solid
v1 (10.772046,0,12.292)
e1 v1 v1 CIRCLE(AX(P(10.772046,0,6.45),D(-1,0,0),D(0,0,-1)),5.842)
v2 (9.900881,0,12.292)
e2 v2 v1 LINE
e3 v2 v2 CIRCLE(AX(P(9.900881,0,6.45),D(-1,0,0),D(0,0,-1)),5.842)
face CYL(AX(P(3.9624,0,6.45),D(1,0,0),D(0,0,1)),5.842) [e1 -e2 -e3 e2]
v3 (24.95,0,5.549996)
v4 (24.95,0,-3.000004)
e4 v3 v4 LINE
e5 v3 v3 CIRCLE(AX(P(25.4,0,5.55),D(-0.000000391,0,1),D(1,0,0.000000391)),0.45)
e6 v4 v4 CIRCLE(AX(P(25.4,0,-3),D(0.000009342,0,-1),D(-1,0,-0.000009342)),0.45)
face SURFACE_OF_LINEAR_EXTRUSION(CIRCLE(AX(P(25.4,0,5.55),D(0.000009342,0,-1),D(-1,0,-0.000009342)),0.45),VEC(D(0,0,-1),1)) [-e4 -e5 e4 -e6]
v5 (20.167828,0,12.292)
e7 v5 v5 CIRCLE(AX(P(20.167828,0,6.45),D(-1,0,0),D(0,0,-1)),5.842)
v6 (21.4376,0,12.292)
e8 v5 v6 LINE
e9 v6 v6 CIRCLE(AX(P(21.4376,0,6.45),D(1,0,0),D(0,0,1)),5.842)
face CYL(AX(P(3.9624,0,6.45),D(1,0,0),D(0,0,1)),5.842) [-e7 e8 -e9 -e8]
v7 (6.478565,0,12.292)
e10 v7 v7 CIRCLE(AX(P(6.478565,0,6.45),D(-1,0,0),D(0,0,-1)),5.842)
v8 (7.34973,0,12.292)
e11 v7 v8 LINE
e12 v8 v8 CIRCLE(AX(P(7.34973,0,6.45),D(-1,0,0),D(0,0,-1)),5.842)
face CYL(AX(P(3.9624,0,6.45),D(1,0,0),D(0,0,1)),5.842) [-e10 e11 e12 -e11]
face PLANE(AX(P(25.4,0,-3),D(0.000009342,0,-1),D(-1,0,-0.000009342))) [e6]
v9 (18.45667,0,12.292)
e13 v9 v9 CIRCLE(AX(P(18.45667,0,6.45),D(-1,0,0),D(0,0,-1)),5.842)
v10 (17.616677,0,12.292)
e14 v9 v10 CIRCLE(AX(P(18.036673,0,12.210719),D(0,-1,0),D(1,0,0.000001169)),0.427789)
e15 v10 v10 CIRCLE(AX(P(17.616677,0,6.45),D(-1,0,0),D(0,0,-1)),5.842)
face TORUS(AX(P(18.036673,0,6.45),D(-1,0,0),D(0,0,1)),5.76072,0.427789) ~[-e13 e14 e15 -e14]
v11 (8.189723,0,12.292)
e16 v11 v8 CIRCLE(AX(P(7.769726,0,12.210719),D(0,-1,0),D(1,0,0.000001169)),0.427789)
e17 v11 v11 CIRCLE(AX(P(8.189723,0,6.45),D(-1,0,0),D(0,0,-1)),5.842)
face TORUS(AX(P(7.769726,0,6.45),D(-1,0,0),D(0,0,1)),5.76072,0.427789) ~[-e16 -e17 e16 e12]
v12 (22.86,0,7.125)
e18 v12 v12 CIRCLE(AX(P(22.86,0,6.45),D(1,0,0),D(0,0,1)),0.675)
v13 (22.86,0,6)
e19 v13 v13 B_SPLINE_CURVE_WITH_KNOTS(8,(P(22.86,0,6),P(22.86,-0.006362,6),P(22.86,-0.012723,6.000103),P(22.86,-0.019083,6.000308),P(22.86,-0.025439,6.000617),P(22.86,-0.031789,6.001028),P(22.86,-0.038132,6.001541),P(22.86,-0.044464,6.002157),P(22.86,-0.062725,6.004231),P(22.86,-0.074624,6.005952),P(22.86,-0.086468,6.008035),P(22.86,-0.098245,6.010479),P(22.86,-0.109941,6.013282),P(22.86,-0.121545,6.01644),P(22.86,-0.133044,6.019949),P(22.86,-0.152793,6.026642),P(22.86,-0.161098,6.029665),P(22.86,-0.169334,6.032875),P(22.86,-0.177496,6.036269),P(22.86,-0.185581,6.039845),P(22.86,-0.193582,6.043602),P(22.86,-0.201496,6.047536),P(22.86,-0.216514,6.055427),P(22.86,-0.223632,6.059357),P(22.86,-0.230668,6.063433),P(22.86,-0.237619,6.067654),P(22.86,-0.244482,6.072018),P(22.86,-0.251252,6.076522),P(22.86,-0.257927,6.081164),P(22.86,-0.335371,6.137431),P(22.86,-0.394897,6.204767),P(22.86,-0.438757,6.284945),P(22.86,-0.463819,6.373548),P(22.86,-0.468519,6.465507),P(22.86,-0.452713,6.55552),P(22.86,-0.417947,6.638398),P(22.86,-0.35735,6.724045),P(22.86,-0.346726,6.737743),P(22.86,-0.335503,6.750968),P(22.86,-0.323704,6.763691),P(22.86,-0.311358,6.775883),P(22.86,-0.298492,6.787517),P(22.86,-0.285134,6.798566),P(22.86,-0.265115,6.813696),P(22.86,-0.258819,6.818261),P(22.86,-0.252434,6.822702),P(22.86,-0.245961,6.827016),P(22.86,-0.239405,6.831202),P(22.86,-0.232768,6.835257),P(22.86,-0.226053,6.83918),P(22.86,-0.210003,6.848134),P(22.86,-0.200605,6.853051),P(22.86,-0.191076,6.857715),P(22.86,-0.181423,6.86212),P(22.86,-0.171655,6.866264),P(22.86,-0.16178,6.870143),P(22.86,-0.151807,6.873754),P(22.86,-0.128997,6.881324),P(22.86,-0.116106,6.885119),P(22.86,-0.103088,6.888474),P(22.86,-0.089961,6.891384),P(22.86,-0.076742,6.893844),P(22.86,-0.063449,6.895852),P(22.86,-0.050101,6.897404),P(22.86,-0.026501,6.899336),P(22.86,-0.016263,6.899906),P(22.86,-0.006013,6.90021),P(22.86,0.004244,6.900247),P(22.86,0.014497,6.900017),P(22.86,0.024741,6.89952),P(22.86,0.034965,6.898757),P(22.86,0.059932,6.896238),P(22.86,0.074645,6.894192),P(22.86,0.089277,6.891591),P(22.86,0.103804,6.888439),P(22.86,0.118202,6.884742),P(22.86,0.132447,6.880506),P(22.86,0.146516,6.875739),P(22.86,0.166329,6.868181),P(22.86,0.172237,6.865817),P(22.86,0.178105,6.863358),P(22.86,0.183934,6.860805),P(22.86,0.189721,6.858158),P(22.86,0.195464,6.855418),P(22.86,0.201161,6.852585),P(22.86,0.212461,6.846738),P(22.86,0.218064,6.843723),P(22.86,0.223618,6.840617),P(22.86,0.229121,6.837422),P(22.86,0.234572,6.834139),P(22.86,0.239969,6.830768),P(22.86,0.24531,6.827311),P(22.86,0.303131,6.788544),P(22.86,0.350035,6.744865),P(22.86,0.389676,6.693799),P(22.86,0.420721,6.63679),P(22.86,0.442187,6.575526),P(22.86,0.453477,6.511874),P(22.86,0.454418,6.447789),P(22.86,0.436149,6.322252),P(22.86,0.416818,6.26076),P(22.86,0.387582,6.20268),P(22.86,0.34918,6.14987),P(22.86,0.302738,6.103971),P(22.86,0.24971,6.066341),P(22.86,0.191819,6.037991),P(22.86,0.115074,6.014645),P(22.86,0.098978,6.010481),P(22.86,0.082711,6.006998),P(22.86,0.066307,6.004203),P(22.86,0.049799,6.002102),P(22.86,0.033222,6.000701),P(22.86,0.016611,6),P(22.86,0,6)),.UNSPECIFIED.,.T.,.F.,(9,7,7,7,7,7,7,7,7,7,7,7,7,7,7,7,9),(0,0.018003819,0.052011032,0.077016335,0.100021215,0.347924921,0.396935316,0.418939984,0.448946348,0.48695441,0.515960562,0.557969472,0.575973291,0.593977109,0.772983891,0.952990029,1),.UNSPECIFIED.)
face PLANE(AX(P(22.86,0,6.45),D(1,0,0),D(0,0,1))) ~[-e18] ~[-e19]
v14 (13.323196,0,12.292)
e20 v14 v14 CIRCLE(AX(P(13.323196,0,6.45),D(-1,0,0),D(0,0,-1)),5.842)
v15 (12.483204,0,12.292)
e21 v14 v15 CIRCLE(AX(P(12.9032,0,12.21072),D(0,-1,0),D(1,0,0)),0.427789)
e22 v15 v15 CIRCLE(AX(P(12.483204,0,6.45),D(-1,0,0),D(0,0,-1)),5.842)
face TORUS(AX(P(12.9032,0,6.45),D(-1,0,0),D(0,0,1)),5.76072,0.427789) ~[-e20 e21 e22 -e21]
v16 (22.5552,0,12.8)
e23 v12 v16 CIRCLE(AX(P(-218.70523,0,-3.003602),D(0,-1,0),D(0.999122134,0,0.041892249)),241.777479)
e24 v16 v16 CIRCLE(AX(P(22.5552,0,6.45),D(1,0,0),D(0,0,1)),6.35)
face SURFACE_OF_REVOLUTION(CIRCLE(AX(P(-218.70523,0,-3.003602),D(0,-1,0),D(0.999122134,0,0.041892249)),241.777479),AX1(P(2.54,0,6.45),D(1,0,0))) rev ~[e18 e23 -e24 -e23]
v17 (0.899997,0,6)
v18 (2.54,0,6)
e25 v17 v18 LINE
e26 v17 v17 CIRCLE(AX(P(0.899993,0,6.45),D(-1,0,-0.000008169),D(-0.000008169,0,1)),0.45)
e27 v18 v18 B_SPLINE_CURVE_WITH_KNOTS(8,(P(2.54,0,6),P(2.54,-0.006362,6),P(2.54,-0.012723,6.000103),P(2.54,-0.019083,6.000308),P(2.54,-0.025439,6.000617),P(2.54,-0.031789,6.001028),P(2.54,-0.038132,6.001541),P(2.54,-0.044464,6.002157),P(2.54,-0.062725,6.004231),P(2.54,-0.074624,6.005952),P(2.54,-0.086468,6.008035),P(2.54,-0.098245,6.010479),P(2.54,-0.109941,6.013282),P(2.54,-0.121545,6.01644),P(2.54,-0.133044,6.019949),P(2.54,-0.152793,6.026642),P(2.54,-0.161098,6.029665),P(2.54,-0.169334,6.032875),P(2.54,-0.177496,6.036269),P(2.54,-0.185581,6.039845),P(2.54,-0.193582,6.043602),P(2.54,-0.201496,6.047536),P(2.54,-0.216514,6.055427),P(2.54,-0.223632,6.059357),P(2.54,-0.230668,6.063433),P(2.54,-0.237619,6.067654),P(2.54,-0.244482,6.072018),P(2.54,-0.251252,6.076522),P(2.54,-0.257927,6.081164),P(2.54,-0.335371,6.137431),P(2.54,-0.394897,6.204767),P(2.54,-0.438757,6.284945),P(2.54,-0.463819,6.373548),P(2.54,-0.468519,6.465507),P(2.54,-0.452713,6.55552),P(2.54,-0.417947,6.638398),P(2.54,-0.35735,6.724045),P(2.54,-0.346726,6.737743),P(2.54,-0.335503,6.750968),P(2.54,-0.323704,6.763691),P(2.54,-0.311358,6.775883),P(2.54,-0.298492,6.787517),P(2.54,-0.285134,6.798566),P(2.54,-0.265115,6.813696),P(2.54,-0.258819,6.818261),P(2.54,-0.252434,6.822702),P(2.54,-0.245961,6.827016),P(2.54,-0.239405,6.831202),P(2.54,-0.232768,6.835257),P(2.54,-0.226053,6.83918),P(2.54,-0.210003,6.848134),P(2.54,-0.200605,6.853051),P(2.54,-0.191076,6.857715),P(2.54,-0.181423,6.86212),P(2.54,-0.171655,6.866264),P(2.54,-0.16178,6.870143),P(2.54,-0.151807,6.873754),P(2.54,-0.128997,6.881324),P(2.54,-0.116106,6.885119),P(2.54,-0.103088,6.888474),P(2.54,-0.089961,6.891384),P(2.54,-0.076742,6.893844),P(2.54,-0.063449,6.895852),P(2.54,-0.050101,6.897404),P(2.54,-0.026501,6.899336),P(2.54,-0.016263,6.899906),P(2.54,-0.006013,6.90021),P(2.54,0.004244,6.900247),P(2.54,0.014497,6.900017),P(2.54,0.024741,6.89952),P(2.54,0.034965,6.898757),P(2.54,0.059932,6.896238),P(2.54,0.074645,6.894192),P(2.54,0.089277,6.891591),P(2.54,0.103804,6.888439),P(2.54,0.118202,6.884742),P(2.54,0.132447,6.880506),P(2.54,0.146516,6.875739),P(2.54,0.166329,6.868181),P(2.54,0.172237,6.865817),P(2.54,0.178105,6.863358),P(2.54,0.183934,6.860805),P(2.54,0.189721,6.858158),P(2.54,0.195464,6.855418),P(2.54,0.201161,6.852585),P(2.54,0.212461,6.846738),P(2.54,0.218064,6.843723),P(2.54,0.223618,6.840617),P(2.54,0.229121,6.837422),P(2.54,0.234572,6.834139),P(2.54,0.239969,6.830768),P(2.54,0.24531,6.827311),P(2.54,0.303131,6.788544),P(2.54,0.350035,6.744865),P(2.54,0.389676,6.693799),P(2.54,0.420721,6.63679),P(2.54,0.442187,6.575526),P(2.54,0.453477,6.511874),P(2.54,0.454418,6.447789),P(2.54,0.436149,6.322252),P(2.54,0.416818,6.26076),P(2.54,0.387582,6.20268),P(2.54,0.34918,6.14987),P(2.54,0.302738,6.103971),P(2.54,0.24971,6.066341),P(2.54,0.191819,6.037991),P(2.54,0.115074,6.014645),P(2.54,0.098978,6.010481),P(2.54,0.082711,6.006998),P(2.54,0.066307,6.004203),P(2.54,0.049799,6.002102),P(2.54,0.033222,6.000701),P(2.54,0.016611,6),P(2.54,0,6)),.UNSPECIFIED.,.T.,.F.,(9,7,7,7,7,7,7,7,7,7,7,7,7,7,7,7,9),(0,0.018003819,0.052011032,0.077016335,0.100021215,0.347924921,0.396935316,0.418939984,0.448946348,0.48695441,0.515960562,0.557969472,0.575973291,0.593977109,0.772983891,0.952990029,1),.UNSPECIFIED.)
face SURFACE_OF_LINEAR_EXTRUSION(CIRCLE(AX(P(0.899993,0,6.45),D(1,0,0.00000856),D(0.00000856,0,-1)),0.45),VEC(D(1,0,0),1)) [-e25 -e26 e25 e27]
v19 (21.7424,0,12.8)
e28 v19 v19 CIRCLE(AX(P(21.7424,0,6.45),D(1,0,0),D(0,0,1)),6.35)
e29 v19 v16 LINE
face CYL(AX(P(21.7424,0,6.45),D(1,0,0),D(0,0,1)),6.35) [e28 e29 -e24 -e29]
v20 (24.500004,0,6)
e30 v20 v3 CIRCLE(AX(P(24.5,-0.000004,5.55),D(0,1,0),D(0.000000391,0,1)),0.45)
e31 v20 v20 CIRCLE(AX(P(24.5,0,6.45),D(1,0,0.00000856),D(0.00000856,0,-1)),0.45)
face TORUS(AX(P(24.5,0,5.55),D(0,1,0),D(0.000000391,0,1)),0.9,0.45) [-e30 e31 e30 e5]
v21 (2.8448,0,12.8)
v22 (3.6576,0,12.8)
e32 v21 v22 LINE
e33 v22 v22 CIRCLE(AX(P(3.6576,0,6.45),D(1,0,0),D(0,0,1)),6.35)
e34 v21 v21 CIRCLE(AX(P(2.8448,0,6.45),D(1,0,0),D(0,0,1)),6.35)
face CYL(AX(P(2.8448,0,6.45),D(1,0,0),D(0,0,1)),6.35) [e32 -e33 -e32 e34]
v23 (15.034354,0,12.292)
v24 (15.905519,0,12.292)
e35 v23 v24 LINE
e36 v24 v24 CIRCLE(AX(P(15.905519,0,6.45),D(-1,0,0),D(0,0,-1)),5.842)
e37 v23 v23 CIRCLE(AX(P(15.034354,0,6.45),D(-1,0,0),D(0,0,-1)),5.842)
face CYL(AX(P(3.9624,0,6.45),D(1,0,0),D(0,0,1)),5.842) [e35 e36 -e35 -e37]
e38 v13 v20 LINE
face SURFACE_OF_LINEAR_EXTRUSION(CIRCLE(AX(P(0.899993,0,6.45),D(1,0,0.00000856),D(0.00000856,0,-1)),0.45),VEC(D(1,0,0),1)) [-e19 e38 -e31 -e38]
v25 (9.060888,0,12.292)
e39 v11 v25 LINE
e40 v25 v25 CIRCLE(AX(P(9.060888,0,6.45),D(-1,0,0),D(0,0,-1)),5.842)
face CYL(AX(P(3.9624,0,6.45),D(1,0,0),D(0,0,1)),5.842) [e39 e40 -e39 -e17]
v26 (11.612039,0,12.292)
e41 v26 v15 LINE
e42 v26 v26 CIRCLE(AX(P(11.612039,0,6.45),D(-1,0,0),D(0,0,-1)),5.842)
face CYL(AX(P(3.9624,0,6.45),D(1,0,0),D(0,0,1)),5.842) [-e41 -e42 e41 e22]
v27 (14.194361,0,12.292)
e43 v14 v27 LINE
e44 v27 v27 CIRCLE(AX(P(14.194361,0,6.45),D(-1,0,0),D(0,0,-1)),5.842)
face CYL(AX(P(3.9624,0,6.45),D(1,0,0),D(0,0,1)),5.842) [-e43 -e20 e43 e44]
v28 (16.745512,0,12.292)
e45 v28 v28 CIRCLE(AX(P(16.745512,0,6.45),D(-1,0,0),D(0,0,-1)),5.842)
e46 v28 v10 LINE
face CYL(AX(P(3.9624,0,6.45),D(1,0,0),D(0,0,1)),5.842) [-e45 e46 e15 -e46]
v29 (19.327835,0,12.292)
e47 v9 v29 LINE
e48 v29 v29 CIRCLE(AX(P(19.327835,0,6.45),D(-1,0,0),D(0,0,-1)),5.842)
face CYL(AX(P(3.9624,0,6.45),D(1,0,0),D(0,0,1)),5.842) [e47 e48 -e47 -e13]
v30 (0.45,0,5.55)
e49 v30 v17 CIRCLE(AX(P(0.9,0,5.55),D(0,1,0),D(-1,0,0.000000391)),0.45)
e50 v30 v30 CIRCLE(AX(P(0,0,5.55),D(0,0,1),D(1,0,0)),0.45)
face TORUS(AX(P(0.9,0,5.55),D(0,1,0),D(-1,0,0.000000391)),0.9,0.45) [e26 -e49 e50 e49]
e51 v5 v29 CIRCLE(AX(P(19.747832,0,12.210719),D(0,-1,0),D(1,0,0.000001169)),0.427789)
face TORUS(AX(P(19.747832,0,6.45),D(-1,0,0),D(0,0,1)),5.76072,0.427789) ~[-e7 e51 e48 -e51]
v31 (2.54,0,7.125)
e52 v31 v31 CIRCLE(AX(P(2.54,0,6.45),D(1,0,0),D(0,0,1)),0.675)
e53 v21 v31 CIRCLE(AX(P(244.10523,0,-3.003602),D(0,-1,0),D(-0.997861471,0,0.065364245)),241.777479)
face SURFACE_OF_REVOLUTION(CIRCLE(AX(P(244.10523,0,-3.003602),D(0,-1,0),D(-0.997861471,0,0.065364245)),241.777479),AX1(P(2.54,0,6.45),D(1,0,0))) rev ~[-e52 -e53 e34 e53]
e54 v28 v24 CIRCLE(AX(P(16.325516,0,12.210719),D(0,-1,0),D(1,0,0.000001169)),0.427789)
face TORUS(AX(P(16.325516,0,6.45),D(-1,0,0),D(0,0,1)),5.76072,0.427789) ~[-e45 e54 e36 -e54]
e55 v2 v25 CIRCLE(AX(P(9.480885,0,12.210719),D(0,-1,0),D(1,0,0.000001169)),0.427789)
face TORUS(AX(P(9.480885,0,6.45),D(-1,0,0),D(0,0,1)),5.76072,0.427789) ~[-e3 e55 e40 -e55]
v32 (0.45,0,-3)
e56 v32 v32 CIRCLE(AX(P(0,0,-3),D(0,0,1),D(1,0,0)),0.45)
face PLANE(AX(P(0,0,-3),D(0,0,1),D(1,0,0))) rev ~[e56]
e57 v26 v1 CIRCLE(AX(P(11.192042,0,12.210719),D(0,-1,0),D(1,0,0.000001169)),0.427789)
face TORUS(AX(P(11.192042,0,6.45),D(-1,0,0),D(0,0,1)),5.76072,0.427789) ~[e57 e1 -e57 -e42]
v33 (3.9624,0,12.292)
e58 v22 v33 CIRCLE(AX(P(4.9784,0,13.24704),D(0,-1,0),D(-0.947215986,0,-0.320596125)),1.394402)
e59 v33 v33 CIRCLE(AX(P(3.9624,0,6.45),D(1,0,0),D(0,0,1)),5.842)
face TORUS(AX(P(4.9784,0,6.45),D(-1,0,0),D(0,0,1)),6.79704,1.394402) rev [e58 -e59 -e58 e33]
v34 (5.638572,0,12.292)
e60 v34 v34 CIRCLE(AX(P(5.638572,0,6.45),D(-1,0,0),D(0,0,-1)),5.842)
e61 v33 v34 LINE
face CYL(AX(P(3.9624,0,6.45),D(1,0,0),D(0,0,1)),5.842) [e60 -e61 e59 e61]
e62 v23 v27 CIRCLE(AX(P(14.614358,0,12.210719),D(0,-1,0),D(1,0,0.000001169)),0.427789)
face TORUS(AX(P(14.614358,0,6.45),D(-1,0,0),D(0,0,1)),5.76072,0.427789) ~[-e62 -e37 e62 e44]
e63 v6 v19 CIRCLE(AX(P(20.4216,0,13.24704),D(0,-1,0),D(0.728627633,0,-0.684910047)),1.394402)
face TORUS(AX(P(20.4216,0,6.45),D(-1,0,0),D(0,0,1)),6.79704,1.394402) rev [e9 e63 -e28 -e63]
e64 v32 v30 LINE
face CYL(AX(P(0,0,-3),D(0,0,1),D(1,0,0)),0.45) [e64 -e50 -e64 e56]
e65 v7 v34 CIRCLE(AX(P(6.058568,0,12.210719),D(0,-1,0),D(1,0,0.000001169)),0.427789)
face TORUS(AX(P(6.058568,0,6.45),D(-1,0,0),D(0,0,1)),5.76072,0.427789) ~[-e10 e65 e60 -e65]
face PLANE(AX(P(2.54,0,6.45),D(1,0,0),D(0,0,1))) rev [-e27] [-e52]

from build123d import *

# Parameters (mm, degrees)
SKETCH_R = 0.45


with BuildPart() as revolution:
    # Sketch002 → Revolution (revolve)
    with BuildSketch(Plane.XZ):
        with BuildLine():
            Line((2.8448, 12.8), (3.6576, 12.8))
            ThreePointArc((3.6576, 12.8), (3.78271, 12.529626), (3.9624, 12.292))
            Line((3.9624, 12.292), (21.4376, 12.292))
            ThreePointArc((21.4376, 12.292), (21.61729, 12.529626), (21.7424, 12.8))
            Line((21.7424, 12.8), (22.5552, 12.8))
            ThreePointArc((22.86, 7.125), (22.724275, 9.963396), (22.5552, 12.8))
            Line((22.86, 6.45), (22.86, 7.125))
            Line((2.54, 6.45), (22.86, 6.45))
            Line((2.54, 6.45), (2.54, 7.125))
            ThreePointArc((2.8448, 12.8), (2.675725, 9.963396), (2.54, 7.125))
        make_face()
    revolve(axis=Axis((2.54, 0, 6.45), (1, 0, 0)))


with BuildPart() as revolution001:
    # Sketch003 → Revolution001 (revolve)
    with BuildSketch(Plane.XZ):
        with BuildLine():
            ThreePointArc((6.486358, 12.21072), (6.058568, 12.638509), (5.630779, 12.21072))
            Line((4.7752, 12.21072), (5.630779, 12.21072))
            Line((4.7752, 12.21072), (4.7752, 10.94072))
            Line((4.7752, 10.94072), (21.0312, 10.94072))
            Line((21.0312, 10.94072), (21.0312, 12.21072))
            Line((20.175621, 12.21072), (21.0312, 12.21072))
            ThreePointArc((20.175621, 12.21072), (19.747832, 12.638509), (19.320042, 12.21072))
            Line((18.464463, 12.21072), (19.320042, 12.21072))
            ThreePointArc((18.464463, 12.21072), (18.036674, 12.638509), (17.608884, 12.21072))
            Line((16.753305, 12.21072), (17.608884, 12.21072))
            ThreePointArc((16.753305, 12.21072), (16.325516, 12.638509), (15.897726, 12.21072))
            Line((15.042147, 12.21072), (15.897726, 12.21072))
            ThreePointArc((15.042147, 12.21072), (14.614358, 12.638509), (14.186568, 12.21072))
            Line((13.330989, 12.21072), (14.186568, 12.21072))
            ThreePointArc((13.330989, 12.21072), (12.9032, 12.638509), (12.475411, 12.21072))
            Line((11.619832, 12.21072), (12.475411, 12.21072))
            ThreePointArc((11.619832, 12.21072), (11.192042, 12.638509), (10.764253, 12.21072))
            Line((9.908674, 12.21072), (10.764253, 12.21072))
            ThreePointArc((9.908674, 12.21072), (9.480884, 12.638509), (9.053095, 12.21072))
            Line((8.197516, 12.21072), (9.053095, 12.21072))
            ThreePointArc((8.197516, 12.21072), (7.769726, 12.638509), (7.341937, 12.21072))
            Line((6.486358, 12.21072), (7.341937, 12.21072))
        make_face()
    revolve(axis=Axis((3.048, 0, 6.45), (1, 0, 0)))


with BuildPart() as sweep_mp_cp:
    # Sweep: sweep along a path in Sketch001
    with BuildLine(Plane.XZ) as sweep_path:
        Line((0, -3), (0, 5.55))
        ThreePointArc((0, 5.55), (0.263601, 6.186393), (0.899993, 6.45))
        Line((0.899993, 6.45), (24.5, 6.45))
        ThreePointArc((24.5, 6.45), (25.136396, 6.186396), (25.4, 5.55))
        Line((25.4, 5.55), (25.4, -3))
    # Sketch → Sweep (sweep)
    with BuildSketch(Plane.XY.offset(-2)):
        Circle(SKETCH_R)
    sweep(path=sweep_path.line)

    # Sweep_mp_cp: union Revolution, Revolution001
    add(revolution.part)
    add(revolution001.part)


solid = sweep_mp_cp.part
